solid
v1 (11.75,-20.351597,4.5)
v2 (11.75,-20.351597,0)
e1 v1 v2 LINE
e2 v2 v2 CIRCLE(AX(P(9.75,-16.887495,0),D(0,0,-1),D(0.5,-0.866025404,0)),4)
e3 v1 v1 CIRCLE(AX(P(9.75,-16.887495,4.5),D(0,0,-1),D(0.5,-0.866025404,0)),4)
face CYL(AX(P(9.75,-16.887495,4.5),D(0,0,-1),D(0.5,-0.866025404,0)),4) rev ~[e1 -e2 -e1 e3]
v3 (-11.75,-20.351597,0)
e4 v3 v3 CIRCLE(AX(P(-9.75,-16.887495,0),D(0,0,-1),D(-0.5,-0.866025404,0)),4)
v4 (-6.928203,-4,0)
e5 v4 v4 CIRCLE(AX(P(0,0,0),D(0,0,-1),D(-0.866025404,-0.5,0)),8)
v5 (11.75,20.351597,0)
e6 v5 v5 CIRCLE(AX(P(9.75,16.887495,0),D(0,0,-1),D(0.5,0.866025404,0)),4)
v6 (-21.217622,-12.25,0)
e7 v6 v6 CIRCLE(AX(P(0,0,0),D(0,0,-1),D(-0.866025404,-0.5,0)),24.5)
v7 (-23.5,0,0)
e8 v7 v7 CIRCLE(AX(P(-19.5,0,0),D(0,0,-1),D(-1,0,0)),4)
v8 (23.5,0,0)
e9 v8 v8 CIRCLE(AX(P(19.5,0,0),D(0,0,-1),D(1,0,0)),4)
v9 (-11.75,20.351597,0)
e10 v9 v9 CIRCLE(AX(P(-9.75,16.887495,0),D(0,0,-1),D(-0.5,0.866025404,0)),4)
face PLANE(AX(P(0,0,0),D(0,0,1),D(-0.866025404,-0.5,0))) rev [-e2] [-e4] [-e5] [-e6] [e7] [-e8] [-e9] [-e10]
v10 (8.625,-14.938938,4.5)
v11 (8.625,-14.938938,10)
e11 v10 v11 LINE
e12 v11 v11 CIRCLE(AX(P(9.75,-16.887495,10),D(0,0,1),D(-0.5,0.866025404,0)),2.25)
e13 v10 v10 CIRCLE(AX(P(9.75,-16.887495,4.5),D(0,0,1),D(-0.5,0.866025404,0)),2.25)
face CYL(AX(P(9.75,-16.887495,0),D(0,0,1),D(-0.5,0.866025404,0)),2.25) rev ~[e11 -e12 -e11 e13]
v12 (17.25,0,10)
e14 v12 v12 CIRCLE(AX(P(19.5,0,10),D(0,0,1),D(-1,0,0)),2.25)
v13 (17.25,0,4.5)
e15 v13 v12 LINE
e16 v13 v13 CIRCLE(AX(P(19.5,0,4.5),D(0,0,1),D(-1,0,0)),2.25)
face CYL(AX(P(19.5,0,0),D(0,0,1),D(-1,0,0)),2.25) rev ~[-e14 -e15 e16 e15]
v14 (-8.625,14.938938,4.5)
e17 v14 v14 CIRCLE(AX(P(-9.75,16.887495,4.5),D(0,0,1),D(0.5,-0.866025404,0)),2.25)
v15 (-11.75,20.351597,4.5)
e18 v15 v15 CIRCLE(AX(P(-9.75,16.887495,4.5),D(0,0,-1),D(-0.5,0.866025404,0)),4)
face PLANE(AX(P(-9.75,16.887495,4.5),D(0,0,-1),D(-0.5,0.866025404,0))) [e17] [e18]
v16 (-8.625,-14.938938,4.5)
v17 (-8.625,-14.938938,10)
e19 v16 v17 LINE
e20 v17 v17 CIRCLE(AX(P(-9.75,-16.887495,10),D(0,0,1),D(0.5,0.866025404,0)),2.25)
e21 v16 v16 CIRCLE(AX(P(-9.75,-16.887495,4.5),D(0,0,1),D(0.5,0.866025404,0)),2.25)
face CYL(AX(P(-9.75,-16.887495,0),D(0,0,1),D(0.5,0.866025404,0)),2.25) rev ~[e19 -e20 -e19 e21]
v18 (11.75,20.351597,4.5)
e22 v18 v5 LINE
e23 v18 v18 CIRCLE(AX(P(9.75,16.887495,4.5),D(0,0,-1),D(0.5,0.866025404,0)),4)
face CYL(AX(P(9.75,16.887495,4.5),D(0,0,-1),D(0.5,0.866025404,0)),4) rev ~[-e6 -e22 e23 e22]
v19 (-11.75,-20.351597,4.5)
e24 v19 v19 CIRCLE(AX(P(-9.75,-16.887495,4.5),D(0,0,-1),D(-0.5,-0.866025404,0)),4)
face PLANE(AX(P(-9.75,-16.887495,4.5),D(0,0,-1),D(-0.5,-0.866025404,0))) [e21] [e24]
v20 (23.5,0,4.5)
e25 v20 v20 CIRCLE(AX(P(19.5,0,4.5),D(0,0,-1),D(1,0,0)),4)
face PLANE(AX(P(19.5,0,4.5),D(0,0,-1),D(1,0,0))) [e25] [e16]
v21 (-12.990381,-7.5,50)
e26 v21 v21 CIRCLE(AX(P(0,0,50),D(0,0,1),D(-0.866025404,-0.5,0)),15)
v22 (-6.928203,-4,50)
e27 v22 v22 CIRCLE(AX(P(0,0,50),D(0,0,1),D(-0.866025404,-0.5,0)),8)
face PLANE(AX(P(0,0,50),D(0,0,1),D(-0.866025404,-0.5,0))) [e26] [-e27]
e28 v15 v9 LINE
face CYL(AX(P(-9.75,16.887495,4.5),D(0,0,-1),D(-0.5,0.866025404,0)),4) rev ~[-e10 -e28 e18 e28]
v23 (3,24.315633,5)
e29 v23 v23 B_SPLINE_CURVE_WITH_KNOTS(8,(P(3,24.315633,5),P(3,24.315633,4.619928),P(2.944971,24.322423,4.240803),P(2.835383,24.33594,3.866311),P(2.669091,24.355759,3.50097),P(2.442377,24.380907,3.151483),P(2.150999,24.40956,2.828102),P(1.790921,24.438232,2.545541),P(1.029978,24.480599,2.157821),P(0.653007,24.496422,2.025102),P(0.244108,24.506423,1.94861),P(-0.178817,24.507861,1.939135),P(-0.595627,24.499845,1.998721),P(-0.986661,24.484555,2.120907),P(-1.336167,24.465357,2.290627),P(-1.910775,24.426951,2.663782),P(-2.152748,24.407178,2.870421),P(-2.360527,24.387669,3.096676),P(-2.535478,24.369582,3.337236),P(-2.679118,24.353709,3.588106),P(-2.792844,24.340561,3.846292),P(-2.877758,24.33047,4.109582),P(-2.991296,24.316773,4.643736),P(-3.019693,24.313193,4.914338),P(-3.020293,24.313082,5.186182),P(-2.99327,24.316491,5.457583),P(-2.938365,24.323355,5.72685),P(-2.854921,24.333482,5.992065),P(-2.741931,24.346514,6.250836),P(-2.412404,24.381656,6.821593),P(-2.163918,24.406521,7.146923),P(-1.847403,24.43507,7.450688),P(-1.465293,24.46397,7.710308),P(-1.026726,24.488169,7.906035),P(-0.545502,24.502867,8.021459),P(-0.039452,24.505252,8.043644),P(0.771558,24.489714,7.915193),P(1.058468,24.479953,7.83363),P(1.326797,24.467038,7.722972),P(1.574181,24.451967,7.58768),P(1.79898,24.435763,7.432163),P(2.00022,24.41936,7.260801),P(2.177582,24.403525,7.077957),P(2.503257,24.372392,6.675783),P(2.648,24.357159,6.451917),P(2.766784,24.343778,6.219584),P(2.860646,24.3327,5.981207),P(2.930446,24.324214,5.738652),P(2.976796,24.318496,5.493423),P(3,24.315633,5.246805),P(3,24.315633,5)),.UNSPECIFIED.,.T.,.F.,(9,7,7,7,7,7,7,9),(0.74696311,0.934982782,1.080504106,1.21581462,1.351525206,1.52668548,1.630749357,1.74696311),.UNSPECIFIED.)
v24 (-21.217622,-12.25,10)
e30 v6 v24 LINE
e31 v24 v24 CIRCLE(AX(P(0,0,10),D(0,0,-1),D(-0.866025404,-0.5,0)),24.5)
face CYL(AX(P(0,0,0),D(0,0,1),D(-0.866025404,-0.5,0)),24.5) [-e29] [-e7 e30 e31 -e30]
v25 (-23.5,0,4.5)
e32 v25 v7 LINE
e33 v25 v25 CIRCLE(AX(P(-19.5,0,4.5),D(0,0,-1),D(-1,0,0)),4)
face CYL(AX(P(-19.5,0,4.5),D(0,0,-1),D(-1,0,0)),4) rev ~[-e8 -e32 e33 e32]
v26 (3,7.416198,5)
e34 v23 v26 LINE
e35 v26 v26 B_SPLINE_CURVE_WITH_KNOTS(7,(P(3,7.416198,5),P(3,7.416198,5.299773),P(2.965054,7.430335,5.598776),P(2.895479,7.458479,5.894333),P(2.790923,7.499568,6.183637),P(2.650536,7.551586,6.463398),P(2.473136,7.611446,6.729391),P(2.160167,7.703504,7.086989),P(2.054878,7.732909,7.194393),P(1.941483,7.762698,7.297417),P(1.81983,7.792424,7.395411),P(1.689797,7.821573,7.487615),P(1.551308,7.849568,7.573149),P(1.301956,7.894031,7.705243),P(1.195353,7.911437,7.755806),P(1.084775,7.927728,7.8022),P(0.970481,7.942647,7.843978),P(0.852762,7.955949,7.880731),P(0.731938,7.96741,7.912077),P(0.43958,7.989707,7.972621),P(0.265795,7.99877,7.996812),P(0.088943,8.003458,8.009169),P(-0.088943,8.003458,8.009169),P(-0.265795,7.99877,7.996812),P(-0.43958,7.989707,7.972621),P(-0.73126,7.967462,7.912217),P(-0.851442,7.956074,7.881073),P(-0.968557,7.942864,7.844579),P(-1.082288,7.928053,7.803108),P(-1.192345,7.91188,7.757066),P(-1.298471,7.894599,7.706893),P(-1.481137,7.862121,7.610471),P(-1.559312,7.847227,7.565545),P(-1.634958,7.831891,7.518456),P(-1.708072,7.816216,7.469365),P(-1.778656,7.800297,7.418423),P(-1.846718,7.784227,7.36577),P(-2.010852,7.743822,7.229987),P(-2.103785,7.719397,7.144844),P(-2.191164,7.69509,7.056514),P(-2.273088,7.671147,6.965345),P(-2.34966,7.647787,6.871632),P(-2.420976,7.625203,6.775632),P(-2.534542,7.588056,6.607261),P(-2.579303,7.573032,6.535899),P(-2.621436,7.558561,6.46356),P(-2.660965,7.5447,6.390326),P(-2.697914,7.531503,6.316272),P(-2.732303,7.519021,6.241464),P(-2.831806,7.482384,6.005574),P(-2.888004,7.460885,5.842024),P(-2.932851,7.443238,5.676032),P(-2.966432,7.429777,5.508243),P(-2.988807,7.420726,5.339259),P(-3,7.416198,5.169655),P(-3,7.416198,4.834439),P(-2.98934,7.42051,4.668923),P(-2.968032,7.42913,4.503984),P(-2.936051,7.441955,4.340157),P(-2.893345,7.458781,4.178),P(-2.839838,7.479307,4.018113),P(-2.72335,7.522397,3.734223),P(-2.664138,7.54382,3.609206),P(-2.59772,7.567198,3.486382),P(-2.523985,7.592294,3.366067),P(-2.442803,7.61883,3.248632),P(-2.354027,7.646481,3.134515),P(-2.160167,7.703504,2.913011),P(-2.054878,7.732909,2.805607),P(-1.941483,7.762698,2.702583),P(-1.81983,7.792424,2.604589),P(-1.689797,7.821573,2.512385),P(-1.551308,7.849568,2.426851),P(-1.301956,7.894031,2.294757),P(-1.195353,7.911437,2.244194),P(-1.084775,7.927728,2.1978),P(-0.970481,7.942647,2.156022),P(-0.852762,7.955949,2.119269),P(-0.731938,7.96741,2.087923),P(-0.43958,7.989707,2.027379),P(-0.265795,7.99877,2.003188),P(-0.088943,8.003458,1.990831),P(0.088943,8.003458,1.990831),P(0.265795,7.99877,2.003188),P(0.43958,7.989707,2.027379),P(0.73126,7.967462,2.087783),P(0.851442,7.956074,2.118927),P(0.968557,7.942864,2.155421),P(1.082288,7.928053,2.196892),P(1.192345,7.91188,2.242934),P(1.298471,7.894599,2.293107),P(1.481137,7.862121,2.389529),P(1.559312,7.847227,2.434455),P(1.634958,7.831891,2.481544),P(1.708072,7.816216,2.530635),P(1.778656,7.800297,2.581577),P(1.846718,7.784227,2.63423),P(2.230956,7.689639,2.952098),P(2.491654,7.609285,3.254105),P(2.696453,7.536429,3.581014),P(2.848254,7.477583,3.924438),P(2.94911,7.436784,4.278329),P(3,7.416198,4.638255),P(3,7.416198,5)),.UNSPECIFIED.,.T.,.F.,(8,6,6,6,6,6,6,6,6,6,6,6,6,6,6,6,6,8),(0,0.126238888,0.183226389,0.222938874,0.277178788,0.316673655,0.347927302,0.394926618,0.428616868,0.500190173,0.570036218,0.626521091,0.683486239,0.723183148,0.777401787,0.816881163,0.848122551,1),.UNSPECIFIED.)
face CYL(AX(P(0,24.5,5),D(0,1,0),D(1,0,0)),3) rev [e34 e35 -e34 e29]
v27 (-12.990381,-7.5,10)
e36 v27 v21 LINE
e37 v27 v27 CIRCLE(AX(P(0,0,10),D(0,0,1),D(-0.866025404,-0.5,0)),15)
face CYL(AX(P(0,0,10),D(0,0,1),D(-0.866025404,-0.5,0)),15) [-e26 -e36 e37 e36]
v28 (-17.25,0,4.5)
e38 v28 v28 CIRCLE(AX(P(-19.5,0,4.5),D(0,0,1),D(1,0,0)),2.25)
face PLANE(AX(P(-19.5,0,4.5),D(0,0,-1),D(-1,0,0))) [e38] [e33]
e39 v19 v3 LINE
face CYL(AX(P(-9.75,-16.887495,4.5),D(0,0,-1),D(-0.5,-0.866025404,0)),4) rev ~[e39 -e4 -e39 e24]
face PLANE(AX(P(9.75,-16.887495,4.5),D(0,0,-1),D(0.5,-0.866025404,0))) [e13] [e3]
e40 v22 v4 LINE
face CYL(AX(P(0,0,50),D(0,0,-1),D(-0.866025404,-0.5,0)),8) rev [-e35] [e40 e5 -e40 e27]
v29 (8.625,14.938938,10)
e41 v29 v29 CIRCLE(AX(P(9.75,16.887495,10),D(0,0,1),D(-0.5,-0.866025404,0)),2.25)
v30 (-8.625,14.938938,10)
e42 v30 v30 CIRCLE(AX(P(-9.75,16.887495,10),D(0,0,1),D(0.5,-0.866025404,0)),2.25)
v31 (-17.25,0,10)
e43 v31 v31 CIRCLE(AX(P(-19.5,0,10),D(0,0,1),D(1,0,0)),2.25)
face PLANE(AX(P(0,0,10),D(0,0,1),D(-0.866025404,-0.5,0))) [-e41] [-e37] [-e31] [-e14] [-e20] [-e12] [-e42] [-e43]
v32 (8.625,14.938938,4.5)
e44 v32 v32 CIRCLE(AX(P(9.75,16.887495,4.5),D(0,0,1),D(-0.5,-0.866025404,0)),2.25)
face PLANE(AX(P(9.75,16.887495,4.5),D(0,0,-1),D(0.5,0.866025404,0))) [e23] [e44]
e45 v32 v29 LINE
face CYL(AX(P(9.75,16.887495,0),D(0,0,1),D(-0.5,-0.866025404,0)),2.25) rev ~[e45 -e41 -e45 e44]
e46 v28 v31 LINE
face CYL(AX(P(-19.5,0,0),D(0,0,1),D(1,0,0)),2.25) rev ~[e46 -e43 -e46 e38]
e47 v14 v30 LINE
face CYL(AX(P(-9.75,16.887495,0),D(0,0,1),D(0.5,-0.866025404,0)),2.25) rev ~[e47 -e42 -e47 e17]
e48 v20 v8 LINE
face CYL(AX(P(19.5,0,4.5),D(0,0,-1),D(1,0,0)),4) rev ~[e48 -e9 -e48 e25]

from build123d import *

# Parameters (mm, degrees)
F1_ANGLE_BACK  = 30
F1_ANGLE       = 60
F3_D           = 4.5
F3_CBORE_D     = 8
F3_CBORE_DEPTH = 4.5
F4_COUNT       = 6
F8_R           = 3
F9_DEPTH       = 25


with BuildPart() as f1:
    # F0 (on Front) → F1 (revolve)
    with BuildSketch(Plane.XZ, mode=Mode.PRIVATE) as f1_sk:
        Polygon((8, 50), (8, 0), (24.5, 0), (24.5, 10), (15, 10), (15, 50), align=None)
    revolve(f1_sk.sketch.rotate(Axis((0, 0, 41.6573854163), (0, 0, 1)), -F1_ANGLE_BACK), axis=Axis((0, 0, 41.6573854163), (0, 0, 1)), revolution_arc=F1_ANGLE)

    # F3 (through all)
    with Locations(Plane(origin=(0, 0, 0), x_dir=(1, 0, 0), z_dir=(0, 0, -1))):
        with Locations((19.5, 0)):
            CounterBoreHole(F3_D / 2, F3_CBORE_D / 2, F3_CBORE_DEPTH)


with BuildPart() as f4_1:
    # F4: instance of F1
    add(f1.part.rotate(Axis((0, 0, 41.6573854163), (0, 0, -1)), 1 * 360 / F4_COUNT))


with BuildPart() as f4_2:
    # F4: instance of F1
    add(f1.part.rotate(Axis((0, 0, 41.6573854163), (0, 0, -1)), 2 * 360 / F4_COUNT))


with BuildPart() as f4_3:
    # F4: instance of F1
    add(f1.part.rotate(Axis((0, 0, 41.6573854163), (0, 0, -1)), 3 * 360 / F4_COUNT))


with BuildPart() as f4_4:
    # F4: instance of F1
    add(f1.part.rotate(Axis((0, 0, 41.6573854163), (0, 0, -1)), 4 * 360 / F4_COUNT))


with BuildPart() as f4_5:
    # F4: instance of F1
    add(f1.part.rotate(Axis((0, 0, 41.6573854163), (0, 0, -1)), 5 * 360 / F4_COUNT))


with BuildPart() as f4_1_1:
    add(f4_1.part)

    # F5: union F1, F4_5, F4_4, F4_3, F4_2
    add(f1.part)
    add(f4_5.part)
    add(f4_4.part)
    add(f4_3.part)
    add(f4_2.part)

    # F8 (on plane+point) → F9 (cut)
    with BuildSketch(Plane.XZ.offset(-24.5)):
        with Locations((0, 5)):
            Circle(F8_R)
    extrude(amount=F9_DEPTH, mode=Mode.SUBTRACT)


solid = f4_1_1.part
